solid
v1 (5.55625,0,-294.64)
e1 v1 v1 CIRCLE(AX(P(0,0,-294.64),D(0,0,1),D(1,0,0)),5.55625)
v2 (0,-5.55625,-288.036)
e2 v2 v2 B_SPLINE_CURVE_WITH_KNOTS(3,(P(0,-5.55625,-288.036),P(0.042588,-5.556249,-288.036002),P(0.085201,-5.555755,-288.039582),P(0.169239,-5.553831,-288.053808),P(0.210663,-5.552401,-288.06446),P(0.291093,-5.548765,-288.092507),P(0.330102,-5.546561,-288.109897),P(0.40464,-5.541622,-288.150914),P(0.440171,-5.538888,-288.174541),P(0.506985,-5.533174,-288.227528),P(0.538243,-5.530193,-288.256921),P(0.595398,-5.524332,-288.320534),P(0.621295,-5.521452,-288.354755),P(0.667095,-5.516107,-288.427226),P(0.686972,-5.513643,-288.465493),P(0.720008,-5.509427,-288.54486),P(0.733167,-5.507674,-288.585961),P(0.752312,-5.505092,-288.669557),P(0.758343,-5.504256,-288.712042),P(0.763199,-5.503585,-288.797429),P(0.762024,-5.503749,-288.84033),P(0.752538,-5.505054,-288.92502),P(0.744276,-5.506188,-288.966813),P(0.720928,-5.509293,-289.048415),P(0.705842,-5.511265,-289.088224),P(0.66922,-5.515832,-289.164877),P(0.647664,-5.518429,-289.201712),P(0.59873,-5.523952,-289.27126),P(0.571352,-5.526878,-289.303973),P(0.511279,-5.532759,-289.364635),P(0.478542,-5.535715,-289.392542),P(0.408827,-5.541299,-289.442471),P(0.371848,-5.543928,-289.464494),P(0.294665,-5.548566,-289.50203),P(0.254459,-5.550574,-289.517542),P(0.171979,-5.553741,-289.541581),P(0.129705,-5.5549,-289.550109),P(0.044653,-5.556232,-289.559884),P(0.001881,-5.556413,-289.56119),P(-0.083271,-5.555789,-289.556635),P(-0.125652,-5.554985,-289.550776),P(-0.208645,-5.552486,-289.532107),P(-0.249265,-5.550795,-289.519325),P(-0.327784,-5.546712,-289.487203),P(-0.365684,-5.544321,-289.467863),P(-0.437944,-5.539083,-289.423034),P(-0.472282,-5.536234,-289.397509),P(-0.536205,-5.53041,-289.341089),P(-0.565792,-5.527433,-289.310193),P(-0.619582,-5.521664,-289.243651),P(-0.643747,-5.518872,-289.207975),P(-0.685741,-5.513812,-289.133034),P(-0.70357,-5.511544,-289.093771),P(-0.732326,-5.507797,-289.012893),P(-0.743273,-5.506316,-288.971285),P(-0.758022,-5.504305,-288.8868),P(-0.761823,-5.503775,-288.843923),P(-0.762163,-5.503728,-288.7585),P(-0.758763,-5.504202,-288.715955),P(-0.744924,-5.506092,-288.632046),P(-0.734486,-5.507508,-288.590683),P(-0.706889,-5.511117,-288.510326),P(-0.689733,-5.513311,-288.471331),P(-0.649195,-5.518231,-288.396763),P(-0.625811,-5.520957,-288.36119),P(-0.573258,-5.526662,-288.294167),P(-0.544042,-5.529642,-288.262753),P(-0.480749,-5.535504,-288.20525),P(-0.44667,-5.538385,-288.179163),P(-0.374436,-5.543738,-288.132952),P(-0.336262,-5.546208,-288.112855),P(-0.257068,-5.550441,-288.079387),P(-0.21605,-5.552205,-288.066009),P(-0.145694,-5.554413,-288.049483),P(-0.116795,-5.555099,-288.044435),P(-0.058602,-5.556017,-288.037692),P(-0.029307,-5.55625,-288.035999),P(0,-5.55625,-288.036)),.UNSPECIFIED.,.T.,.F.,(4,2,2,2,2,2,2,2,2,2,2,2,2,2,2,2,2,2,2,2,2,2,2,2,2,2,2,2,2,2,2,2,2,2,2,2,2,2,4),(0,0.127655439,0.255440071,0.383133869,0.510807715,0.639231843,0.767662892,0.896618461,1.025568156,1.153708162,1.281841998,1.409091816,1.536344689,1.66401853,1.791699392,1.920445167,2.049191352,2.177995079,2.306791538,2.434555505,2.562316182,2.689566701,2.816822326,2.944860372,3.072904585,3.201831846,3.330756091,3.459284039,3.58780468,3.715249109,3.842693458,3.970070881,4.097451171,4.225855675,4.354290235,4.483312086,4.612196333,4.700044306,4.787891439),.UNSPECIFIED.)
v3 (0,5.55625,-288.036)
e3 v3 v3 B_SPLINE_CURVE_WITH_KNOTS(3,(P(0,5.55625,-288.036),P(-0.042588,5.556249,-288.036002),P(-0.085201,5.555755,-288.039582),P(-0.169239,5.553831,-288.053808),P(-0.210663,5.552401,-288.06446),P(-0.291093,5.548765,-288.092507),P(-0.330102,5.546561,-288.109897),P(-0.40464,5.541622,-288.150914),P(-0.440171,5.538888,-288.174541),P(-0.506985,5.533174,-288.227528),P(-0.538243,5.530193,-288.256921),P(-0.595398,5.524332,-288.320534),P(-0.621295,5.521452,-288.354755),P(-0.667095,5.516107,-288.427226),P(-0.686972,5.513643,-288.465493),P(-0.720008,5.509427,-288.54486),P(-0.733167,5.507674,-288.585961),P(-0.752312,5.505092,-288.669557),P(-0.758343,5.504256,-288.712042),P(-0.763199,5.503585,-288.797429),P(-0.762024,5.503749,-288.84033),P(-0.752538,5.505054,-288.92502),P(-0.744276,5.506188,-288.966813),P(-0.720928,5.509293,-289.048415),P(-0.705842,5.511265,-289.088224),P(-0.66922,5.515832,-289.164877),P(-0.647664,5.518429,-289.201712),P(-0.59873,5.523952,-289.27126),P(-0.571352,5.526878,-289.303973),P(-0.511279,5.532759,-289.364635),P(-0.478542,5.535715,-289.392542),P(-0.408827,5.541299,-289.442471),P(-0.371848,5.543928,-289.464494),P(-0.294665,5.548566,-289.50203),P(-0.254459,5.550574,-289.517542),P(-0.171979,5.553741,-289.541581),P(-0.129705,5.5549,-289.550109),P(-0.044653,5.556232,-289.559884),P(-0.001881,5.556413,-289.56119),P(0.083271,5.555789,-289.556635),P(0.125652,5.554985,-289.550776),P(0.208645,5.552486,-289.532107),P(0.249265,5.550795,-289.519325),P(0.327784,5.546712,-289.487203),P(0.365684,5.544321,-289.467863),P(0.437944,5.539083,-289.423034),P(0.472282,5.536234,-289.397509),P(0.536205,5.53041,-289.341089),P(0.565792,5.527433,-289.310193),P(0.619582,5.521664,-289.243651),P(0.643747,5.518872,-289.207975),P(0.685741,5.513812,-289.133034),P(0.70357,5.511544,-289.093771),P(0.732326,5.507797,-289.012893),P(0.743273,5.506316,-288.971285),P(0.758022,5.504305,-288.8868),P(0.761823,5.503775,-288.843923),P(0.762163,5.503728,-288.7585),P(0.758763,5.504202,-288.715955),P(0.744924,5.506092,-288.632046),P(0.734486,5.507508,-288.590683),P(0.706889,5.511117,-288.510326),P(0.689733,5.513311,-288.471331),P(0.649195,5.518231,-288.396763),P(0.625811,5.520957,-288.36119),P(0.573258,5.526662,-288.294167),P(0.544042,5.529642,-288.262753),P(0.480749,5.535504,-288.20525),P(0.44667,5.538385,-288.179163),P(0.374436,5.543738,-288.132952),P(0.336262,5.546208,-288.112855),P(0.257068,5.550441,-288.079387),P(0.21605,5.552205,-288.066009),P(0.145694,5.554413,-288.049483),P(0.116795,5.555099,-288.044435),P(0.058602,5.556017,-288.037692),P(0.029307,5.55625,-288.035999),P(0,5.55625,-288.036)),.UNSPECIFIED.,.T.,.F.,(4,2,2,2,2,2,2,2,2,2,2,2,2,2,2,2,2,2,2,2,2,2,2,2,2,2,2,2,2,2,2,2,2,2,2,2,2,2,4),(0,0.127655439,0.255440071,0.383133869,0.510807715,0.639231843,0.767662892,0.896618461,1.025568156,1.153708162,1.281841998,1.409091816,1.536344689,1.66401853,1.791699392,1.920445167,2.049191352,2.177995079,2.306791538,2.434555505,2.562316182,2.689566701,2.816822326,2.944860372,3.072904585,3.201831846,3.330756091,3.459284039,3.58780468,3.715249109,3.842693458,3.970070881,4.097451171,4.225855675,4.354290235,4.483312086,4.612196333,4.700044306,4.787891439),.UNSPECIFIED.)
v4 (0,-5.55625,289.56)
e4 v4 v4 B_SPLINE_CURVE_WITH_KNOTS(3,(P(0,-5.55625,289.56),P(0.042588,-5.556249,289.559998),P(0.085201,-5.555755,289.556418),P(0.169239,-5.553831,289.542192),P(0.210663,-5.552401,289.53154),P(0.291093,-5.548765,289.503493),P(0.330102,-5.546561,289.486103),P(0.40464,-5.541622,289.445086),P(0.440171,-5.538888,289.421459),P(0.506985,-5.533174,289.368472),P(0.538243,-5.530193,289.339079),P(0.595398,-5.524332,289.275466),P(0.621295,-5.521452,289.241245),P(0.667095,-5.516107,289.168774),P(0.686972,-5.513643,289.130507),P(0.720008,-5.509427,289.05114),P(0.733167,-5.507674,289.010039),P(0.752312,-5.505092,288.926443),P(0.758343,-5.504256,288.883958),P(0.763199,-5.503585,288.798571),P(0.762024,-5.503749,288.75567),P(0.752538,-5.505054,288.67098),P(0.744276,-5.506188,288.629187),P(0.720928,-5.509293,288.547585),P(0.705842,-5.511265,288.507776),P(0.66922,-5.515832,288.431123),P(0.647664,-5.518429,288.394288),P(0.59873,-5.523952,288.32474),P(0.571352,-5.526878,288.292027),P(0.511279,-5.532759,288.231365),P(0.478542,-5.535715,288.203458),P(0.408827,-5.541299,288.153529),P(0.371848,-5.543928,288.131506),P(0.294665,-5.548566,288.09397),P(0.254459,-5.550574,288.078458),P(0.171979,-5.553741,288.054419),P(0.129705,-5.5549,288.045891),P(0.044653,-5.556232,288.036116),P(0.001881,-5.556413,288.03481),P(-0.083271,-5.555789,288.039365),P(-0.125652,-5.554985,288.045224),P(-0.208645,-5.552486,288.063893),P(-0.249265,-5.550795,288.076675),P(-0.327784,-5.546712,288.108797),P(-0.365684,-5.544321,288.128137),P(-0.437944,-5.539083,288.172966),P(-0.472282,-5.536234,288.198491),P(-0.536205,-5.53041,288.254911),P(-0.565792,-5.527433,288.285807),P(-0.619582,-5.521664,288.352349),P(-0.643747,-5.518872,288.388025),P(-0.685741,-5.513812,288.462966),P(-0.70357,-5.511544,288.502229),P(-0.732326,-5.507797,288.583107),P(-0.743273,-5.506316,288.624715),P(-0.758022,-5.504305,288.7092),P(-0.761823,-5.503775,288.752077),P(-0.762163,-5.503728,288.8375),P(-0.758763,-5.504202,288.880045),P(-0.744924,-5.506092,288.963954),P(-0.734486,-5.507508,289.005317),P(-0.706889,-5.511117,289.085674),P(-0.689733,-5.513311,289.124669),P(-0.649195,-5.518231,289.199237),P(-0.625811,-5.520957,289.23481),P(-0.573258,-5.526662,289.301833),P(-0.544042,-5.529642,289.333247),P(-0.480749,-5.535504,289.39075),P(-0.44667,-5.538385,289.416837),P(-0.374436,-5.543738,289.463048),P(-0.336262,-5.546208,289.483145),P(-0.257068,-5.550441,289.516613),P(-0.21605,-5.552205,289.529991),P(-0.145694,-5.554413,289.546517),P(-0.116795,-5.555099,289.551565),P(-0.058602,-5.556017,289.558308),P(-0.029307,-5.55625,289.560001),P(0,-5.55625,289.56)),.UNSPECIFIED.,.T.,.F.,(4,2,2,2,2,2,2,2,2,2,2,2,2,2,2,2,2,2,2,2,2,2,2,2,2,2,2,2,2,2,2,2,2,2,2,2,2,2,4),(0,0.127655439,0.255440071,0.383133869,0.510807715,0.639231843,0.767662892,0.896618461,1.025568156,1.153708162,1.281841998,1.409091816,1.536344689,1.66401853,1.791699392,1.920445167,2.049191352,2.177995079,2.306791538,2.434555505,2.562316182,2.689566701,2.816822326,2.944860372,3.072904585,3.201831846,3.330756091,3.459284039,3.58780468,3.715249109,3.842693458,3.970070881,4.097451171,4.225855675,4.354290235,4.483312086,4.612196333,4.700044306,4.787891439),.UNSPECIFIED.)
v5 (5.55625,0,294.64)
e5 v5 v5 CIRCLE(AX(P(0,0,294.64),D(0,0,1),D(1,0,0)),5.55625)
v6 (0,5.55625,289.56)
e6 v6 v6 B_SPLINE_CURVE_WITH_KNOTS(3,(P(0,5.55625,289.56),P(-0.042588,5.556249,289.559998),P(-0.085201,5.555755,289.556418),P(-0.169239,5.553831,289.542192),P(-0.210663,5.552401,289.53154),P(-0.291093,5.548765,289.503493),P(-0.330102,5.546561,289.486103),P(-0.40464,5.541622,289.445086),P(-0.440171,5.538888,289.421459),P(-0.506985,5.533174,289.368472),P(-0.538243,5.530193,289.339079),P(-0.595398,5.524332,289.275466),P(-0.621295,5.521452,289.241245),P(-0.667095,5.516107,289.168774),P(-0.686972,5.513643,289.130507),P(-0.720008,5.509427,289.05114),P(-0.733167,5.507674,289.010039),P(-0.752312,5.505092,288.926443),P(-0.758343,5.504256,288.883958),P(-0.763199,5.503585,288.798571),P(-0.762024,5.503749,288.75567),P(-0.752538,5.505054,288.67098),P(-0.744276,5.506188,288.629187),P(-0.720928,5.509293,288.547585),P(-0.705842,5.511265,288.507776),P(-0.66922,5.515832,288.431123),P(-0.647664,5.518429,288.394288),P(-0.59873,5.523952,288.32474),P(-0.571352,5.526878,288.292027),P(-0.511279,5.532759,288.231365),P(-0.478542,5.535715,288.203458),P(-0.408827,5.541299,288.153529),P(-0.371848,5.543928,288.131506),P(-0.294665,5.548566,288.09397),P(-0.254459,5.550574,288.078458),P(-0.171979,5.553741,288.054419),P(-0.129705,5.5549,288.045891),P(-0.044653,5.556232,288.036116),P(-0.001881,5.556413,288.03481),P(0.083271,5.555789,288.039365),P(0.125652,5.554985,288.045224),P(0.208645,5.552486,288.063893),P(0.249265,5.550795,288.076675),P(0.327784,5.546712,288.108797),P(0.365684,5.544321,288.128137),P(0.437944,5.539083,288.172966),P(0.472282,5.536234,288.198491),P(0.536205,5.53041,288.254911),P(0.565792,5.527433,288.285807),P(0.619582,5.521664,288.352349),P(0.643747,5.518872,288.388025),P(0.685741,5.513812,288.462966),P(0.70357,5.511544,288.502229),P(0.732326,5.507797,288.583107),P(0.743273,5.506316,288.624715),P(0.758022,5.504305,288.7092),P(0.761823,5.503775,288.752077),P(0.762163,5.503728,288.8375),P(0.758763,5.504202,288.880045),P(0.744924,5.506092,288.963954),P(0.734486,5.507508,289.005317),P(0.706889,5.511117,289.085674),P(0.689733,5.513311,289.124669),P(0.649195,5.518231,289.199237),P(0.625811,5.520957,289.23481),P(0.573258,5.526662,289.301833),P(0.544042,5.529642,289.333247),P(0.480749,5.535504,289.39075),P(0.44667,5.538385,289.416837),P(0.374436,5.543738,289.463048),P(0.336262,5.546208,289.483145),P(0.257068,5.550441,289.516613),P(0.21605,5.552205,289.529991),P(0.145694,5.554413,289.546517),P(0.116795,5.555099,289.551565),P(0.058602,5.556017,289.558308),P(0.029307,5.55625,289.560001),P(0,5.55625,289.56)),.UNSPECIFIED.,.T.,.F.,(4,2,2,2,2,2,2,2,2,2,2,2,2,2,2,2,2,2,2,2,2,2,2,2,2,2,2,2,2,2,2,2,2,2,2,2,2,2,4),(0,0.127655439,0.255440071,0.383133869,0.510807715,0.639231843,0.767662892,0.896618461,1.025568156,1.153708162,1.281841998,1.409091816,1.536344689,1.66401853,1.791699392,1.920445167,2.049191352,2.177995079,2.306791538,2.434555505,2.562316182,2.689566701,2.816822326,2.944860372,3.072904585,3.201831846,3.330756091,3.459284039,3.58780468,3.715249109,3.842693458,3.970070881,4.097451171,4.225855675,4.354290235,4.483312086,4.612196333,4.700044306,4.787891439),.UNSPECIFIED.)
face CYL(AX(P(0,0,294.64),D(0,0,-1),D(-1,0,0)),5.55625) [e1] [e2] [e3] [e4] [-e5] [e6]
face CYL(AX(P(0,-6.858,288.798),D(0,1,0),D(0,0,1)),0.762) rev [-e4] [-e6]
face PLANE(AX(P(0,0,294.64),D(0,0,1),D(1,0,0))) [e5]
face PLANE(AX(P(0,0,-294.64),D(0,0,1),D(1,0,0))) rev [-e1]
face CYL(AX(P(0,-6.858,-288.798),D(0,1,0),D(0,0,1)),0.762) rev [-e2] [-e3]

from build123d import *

# Parameters (mm, degrees)
SKETCH1_R           = 5.55625
BOSS_EXTRUDE1_DEPTH = 294.64
SKETCH4_R           = 0.762
CUT_EXTRUDE1_DEPTH  = 6.858


with BuildPart() as part:
    # Sketch1 → Boss-Extrude1 (new, symmetric)
    with BuildSketch(Plane.XY):
        Circle(SKETCH1_R)
    extrude(amount=BOSS_EXTRUDE1_DEPTH, both=True)

    # Sketch4 → Cut-Extrude1 (cut, symmetric)
    with BuildSketch(Plane(origin=(0, 0, 0), x_dir=(1, 0, 0), z_dir=(0, 1, 0))):
        with Locations(Location((0, -288.798, 0), (0, 0, 270))):
            Circle(SKETCH4_R)
        with Locations(Location((0, 288.798, 0), (0, 0, 270))):
            Circle(SKETCH4_R)
    extrude(amount=CUT_EXTRUDE1_DEPTH, both=True, mode=Mode.SUBTRACT)


solid = part.part
